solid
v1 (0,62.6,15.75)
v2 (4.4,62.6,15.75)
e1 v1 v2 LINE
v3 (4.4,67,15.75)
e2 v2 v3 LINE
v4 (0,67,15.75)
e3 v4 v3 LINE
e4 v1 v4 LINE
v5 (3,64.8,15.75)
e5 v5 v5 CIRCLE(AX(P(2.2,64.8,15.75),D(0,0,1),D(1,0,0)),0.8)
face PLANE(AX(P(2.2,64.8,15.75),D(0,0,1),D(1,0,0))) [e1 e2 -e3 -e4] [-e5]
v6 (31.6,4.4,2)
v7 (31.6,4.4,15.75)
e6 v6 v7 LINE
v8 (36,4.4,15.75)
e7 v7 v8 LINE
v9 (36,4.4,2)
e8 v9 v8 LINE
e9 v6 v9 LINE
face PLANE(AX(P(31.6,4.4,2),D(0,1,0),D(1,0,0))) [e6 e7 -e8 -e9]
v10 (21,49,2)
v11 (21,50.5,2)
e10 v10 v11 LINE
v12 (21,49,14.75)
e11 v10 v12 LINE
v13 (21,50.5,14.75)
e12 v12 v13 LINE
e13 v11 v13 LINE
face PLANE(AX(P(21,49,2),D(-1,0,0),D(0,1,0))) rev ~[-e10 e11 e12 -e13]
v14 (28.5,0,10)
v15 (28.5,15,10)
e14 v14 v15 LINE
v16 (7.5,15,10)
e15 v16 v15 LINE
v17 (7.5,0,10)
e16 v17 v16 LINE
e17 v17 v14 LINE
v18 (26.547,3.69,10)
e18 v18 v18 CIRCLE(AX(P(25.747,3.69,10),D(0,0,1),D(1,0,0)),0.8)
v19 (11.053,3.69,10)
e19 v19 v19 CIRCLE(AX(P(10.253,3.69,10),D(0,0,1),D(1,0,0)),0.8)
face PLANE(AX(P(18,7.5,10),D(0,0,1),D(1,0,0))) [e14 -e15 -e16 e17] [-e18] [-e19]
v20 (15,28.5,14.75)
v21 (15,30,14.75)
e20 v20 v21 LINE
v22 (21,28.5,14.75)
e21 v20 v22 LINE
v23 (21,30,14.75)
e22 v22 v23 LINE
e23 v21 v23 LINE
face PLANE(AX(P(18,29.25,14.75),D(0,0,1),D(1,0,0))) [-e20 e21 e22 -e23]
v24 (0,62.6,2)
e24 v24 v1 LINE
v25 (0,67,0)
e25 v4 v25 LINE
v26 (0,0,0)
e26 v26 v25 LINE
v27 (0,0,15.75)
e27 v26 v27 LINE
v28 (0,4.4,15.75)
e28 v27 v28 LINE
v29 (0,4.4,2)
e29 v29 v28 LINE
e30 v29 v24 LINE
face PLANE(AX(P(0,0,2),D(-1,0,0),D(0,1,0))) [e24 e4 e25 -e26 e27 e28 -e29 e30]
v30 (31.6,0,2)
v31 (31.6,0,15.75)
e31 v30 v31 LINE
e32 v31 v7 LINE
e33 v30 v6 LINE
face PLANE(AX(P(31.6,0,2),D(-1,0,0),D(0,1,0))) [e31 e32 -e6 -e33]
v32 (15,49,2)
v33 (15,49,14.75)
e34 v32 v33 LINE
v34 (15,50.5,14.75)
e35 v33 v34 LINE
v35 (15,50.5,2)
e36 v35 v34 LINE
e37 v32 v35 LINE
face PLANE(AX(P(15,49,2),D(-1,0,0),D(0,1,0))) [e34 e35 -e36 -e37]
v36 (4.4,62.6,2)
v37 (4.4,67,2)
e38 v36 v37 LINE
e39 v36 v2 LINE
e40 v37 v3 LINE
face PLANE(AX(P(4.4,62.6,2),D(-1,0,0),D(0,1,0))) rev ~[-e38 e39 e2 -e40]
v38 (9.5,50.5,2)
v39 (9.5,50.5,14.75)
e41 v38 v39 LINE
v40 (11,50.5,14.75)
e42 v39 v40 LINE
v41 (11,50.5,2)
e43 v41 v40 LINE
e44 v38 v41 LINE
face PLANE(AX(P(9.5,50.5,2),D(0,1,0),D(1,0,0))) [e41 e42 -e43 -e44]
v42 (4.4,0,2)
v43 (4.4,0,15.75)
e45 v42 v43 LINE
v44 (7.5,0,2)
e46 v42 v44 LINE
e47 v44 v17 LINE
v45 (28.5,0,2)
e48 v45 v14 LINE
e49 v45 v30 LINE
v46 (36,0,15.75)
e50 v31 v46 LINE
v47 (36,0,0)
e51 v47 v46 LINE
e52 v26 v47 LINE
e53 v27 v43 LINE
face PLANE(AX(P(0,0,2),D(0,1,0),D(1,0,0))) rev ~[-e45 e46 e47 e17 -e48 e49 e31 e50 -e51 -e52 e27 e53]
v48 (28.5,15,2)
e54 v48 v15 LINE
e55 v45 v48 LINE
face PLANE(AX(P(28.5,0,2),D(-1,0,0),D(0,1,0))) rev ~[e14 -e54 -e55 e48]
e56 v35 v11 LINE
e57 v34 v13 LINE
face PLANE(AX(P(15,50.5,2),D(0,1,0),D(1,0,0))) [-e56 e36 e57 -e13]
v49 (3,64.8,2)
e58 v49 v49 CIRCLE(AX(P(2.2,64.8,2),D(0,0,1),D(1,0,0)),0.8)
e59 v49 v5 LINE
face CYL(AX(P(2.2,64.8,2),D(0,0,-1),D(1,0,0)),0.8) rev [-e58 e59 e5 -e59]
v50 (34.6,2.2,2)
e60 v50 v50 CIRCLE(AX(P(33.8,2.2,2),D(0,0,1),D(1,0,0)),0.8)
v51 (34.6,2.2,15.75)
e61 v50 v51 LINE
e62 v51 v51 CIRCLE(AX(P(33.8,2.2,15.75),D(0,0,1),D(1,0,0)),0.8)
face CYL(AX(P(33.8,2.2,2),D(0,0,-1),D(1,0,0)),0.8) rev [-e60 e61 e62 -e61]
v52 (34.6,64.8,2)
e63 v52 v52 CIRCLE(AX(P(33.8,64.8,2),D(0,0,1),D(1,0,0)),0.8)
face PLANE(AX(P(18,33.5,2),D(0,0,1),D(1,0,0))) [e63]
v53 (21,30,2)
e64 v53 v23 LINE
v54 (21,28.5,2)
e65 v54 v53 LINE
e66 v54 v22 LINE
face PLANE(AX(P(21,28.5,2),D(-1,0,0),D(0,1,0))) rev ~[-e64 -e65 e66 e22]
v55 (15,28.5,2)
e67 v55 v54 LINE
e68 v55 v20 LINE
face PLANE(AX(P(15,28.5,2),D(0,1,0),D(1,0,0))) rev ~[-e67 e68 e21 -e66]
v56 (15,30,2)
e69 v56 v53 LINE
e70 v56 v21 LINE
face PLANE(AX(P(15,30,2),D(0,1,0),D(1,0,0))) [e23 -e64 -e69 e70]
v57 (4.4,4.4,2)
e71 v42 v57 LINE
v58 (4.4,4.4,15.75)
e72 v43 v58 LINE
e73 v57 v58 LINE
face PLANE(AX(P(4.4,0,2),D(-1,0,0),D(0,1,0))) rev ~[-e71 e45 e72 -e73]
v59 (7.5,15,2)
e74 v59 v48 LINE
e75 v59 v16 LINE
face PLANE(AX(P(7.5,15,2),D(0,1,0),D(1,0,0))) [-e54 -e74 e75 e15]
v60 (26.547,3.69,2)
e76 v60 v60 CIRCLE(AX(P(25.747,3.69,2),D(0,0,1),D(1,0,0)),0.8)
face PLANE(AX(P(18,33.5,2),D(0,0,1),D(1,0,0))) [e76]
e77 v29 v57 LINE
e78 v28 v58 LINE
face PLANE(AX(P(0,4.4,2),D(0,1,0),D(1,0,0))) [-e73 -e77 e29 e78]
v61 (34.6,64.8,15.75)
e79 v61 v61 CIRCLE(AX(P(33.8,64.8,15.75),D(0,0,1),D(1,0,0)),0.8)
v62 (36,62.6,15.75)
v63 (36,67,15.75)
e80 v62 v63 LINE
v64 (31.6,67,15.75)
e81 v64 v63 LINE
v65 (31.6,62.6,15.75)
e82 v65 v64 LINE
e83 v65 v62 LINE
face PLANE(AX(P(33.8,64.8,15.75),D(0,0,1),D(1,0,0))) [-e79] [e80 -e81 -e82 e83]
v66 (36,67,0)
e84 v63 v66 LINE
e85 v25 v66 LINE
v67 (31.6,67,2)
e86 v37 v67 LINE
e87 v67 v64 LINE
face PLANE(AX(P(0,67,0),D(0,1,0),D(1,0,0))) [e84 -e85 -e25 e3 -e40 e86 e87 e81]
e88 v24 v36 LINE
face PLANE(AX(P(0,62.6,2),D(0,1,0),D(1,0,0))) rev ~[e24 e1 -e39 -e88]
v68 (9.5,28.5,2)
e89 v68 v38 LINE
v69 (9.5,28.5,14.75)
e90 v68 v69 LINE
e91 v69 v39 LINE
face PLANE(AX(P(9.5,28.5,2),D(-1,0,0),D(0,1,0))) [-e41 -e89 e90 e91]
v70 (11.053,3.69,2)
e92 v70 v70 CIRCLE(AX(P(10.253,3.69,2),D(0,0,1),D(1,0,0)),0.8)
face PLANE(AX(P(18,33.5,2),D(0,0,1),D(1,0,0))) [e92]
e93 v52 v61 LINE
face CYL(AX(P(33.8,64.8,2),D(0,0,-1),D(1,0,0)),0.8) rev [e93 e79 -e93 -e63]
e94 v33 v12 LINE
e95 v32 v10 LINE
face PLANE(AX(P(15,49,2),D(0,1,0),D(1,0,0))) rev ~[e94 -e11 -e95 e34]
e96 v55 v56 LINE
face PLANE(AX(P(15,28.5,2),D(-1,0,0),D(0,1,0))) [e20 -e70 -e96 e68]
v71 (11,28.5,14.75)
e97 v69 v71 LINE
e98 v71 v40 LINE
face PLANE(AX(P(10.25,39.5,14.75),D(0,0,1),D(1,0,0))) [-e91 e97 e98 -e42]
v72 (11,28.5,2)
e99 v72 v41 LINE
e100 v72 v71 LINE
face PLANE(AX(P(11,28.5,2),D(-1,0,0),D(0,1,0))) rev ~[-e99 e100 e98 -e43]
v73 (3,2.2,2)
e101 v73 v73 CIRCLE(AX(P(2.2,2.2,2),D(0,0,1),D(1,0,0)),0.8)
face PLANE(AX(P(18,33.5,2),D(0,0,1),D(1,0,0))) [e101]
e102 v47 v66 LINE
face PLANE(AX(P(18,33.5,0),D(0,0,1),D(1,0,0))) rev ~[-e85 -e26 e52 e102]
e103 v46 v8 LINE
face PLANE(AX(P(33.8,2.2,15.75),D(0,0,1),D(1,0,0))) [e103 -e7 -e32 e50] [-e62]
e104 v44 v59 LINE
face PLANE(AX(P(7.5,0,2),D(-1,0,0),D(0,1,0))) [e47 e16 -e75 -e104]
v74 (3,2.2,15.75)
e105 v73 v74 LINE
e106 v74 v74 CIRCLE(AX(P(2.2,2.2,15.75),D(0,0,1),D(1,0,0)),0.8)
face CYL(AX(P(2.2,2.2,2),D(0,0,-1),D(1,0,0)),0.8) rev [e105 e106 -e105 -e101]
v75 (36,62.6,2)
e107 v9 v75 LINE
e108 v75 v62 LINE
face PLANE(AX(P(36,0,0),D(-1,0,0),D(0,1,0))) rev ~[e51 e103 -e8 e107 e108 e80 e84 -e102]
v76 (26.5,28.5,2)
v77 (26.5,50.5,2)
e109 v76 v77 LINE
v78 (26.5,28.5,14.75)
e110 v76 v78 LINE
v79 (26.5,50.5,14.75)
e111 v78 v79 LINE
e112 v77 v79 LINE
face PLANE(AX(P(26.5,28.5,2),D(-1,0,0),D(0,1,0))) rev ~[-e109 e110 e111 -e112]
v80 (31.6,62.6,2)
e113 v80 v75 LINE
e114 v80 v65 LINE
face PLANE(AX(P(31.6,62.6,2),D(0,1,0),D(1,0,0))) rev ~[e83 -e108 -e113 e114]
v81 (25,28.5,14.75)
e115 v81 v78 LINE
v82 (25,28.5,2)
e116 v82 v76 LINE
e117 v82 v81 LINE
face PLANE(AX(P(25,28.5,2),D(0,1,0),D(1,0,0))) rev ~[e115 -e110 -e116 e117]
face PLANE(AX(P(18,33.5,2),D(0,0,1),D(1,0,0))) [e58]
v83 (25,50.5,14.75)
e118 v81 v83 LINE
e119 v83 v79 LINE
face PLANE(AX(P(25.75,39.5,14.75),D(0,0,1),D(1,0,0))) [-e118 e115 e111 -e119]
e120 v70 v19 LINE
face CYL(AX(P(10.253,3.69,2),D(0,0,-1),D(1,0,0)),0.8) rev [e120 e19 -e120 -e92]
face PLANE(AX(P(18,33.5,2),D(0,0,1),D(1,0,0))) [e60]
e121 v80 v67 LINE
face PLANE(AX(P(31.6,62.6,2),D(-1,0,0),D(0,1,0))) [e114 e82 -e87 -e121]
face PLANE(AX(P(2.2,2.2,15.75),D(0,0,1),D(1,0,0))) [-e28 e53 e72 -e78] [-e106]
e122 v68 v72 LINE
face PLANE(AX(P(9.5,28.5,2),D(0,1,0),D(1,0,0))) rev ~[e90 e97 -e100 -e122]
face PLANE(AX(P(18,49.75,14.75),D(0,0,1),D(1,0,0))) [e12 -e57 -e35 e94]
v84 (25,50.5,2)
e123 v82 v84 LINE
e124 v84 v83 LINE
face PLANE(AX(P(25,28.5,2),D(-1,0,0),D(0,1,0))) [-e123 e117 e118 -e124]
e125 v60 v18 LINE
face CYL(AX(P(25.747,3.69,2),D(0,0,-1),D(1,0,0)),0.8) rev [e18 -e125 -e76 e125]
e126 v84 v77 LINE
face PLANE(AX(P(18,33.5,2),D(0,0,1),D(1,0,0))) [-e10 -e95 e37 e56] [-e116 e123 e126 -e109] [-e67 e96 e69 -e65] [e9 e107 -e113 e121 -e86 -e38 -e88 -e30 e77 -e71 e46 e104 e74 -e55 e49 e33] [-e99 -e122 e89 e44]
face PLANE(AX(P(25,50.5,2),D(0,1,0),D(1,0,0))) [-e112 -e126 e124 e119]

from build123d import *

# Parameters (mm, degrees)
SKETCH_W      = 36
SKETCH_H      = 67
PAD_DEPTH     = 2
SKETCH002_W   = 1.5
SKETCH002_H   = 22
SKETCH002_W_2 = 6
SKETCH002_H_2 = 1.5
PAD001_DEPTH  = 12.75
SKETCH001_W   = 21
SKETCH001_H   = 15
SKETCH001_R   = 0.8
PAD006_DEPTH  = 8
SKETCH018_W   = 4.4
SKETCH018_H   = 4.4
SKETCH018_R   = 0.8
PAD020_DEPTH  = 13.75


with BuildPart() as part:
    # Sketch → Pad (new body)
    with BuildSketch(Plane.XY):
        with Locations((18, 33.5)):
            Rectangle(SKETCH_W, SKETCH_H)
    extrude(amount=PAD_DEPTH)

    # Sketch002 (on DatumPlane) → Pad001 (join)
    with BuildSketch(Plane.XY.offset(2)):
        with Locations((10.25, 39.5)):
            Rectangle(SKETCH002_W, SKETCH002_H)
        with Locations((18, 29.25)):
            Rectangle(SKETCH002_W_2, SKETCH002_H_2)
        with Locations((25.75, 39.5)):
            Rectangle(SKETCH002_W, SKETCH002_H)
        with Locations((18, 49.75)):
            Rectangle(SKETCH002_W_2, SKETCH002_H_2)
    extrude(amount=PAD001_DEPTH)

    # Sketch001 (on DatumPlane) → Pad006 (join)
    with BuildSketch(Plane.XY.offset(2)):
        with Locations((18, 7.5)):
            Rectangle(SKETCH001_W, SKETCH001_H)
        with Locations((10.253, 3.69)):
            Circle(SKETCH001_R, mode=Mode.SUBTRACT)
        with Locations((25.747, 3.69)):
            Circle(SKETCH001_R, mode=Mode.SUBTRACT)
    extrude(amount=PAD006_DEPTH)

    # Sketch018 (on DatumPlane) → Pad020 (join)
    with BuildSketch(Plane.XY.offset(2)):
        with Locations((2.2, 2.2)):
            Rectangle(SKETCH018_W, SKETCH018_H)
        with Locations((2.2, 2.2)):
            Circle(SKETCH018_R, mode=Mode.SUBTRACT)
        with Locations((33.8, 2.2)):
            Rectangle(SKETCH018_W, SKETCH018_H)
        with Locations((33.8, 2.2)):
            Circle(SKETCH018_R, mode=Mode.SUBTRACT)
        with Locations((33.8, 64.8)):
            Rectangle(SKETCH018_W, SKETCH018_H)
        with Locations((33.8, 64.8)):
            Circle(SKETCH018_R, mode=Mode.SUBTRACT)
        with Locations((2.2, 64.8)):
            Rectangle(SKETCH018_W, SKETCH018_H)
        with Locations((2.2, 64.8)):
            Circle(SKETCH018_R, mode=Mode.SUBTRACT)
    extrude(amount=PAD020_DEPTH)


solid = part.part
